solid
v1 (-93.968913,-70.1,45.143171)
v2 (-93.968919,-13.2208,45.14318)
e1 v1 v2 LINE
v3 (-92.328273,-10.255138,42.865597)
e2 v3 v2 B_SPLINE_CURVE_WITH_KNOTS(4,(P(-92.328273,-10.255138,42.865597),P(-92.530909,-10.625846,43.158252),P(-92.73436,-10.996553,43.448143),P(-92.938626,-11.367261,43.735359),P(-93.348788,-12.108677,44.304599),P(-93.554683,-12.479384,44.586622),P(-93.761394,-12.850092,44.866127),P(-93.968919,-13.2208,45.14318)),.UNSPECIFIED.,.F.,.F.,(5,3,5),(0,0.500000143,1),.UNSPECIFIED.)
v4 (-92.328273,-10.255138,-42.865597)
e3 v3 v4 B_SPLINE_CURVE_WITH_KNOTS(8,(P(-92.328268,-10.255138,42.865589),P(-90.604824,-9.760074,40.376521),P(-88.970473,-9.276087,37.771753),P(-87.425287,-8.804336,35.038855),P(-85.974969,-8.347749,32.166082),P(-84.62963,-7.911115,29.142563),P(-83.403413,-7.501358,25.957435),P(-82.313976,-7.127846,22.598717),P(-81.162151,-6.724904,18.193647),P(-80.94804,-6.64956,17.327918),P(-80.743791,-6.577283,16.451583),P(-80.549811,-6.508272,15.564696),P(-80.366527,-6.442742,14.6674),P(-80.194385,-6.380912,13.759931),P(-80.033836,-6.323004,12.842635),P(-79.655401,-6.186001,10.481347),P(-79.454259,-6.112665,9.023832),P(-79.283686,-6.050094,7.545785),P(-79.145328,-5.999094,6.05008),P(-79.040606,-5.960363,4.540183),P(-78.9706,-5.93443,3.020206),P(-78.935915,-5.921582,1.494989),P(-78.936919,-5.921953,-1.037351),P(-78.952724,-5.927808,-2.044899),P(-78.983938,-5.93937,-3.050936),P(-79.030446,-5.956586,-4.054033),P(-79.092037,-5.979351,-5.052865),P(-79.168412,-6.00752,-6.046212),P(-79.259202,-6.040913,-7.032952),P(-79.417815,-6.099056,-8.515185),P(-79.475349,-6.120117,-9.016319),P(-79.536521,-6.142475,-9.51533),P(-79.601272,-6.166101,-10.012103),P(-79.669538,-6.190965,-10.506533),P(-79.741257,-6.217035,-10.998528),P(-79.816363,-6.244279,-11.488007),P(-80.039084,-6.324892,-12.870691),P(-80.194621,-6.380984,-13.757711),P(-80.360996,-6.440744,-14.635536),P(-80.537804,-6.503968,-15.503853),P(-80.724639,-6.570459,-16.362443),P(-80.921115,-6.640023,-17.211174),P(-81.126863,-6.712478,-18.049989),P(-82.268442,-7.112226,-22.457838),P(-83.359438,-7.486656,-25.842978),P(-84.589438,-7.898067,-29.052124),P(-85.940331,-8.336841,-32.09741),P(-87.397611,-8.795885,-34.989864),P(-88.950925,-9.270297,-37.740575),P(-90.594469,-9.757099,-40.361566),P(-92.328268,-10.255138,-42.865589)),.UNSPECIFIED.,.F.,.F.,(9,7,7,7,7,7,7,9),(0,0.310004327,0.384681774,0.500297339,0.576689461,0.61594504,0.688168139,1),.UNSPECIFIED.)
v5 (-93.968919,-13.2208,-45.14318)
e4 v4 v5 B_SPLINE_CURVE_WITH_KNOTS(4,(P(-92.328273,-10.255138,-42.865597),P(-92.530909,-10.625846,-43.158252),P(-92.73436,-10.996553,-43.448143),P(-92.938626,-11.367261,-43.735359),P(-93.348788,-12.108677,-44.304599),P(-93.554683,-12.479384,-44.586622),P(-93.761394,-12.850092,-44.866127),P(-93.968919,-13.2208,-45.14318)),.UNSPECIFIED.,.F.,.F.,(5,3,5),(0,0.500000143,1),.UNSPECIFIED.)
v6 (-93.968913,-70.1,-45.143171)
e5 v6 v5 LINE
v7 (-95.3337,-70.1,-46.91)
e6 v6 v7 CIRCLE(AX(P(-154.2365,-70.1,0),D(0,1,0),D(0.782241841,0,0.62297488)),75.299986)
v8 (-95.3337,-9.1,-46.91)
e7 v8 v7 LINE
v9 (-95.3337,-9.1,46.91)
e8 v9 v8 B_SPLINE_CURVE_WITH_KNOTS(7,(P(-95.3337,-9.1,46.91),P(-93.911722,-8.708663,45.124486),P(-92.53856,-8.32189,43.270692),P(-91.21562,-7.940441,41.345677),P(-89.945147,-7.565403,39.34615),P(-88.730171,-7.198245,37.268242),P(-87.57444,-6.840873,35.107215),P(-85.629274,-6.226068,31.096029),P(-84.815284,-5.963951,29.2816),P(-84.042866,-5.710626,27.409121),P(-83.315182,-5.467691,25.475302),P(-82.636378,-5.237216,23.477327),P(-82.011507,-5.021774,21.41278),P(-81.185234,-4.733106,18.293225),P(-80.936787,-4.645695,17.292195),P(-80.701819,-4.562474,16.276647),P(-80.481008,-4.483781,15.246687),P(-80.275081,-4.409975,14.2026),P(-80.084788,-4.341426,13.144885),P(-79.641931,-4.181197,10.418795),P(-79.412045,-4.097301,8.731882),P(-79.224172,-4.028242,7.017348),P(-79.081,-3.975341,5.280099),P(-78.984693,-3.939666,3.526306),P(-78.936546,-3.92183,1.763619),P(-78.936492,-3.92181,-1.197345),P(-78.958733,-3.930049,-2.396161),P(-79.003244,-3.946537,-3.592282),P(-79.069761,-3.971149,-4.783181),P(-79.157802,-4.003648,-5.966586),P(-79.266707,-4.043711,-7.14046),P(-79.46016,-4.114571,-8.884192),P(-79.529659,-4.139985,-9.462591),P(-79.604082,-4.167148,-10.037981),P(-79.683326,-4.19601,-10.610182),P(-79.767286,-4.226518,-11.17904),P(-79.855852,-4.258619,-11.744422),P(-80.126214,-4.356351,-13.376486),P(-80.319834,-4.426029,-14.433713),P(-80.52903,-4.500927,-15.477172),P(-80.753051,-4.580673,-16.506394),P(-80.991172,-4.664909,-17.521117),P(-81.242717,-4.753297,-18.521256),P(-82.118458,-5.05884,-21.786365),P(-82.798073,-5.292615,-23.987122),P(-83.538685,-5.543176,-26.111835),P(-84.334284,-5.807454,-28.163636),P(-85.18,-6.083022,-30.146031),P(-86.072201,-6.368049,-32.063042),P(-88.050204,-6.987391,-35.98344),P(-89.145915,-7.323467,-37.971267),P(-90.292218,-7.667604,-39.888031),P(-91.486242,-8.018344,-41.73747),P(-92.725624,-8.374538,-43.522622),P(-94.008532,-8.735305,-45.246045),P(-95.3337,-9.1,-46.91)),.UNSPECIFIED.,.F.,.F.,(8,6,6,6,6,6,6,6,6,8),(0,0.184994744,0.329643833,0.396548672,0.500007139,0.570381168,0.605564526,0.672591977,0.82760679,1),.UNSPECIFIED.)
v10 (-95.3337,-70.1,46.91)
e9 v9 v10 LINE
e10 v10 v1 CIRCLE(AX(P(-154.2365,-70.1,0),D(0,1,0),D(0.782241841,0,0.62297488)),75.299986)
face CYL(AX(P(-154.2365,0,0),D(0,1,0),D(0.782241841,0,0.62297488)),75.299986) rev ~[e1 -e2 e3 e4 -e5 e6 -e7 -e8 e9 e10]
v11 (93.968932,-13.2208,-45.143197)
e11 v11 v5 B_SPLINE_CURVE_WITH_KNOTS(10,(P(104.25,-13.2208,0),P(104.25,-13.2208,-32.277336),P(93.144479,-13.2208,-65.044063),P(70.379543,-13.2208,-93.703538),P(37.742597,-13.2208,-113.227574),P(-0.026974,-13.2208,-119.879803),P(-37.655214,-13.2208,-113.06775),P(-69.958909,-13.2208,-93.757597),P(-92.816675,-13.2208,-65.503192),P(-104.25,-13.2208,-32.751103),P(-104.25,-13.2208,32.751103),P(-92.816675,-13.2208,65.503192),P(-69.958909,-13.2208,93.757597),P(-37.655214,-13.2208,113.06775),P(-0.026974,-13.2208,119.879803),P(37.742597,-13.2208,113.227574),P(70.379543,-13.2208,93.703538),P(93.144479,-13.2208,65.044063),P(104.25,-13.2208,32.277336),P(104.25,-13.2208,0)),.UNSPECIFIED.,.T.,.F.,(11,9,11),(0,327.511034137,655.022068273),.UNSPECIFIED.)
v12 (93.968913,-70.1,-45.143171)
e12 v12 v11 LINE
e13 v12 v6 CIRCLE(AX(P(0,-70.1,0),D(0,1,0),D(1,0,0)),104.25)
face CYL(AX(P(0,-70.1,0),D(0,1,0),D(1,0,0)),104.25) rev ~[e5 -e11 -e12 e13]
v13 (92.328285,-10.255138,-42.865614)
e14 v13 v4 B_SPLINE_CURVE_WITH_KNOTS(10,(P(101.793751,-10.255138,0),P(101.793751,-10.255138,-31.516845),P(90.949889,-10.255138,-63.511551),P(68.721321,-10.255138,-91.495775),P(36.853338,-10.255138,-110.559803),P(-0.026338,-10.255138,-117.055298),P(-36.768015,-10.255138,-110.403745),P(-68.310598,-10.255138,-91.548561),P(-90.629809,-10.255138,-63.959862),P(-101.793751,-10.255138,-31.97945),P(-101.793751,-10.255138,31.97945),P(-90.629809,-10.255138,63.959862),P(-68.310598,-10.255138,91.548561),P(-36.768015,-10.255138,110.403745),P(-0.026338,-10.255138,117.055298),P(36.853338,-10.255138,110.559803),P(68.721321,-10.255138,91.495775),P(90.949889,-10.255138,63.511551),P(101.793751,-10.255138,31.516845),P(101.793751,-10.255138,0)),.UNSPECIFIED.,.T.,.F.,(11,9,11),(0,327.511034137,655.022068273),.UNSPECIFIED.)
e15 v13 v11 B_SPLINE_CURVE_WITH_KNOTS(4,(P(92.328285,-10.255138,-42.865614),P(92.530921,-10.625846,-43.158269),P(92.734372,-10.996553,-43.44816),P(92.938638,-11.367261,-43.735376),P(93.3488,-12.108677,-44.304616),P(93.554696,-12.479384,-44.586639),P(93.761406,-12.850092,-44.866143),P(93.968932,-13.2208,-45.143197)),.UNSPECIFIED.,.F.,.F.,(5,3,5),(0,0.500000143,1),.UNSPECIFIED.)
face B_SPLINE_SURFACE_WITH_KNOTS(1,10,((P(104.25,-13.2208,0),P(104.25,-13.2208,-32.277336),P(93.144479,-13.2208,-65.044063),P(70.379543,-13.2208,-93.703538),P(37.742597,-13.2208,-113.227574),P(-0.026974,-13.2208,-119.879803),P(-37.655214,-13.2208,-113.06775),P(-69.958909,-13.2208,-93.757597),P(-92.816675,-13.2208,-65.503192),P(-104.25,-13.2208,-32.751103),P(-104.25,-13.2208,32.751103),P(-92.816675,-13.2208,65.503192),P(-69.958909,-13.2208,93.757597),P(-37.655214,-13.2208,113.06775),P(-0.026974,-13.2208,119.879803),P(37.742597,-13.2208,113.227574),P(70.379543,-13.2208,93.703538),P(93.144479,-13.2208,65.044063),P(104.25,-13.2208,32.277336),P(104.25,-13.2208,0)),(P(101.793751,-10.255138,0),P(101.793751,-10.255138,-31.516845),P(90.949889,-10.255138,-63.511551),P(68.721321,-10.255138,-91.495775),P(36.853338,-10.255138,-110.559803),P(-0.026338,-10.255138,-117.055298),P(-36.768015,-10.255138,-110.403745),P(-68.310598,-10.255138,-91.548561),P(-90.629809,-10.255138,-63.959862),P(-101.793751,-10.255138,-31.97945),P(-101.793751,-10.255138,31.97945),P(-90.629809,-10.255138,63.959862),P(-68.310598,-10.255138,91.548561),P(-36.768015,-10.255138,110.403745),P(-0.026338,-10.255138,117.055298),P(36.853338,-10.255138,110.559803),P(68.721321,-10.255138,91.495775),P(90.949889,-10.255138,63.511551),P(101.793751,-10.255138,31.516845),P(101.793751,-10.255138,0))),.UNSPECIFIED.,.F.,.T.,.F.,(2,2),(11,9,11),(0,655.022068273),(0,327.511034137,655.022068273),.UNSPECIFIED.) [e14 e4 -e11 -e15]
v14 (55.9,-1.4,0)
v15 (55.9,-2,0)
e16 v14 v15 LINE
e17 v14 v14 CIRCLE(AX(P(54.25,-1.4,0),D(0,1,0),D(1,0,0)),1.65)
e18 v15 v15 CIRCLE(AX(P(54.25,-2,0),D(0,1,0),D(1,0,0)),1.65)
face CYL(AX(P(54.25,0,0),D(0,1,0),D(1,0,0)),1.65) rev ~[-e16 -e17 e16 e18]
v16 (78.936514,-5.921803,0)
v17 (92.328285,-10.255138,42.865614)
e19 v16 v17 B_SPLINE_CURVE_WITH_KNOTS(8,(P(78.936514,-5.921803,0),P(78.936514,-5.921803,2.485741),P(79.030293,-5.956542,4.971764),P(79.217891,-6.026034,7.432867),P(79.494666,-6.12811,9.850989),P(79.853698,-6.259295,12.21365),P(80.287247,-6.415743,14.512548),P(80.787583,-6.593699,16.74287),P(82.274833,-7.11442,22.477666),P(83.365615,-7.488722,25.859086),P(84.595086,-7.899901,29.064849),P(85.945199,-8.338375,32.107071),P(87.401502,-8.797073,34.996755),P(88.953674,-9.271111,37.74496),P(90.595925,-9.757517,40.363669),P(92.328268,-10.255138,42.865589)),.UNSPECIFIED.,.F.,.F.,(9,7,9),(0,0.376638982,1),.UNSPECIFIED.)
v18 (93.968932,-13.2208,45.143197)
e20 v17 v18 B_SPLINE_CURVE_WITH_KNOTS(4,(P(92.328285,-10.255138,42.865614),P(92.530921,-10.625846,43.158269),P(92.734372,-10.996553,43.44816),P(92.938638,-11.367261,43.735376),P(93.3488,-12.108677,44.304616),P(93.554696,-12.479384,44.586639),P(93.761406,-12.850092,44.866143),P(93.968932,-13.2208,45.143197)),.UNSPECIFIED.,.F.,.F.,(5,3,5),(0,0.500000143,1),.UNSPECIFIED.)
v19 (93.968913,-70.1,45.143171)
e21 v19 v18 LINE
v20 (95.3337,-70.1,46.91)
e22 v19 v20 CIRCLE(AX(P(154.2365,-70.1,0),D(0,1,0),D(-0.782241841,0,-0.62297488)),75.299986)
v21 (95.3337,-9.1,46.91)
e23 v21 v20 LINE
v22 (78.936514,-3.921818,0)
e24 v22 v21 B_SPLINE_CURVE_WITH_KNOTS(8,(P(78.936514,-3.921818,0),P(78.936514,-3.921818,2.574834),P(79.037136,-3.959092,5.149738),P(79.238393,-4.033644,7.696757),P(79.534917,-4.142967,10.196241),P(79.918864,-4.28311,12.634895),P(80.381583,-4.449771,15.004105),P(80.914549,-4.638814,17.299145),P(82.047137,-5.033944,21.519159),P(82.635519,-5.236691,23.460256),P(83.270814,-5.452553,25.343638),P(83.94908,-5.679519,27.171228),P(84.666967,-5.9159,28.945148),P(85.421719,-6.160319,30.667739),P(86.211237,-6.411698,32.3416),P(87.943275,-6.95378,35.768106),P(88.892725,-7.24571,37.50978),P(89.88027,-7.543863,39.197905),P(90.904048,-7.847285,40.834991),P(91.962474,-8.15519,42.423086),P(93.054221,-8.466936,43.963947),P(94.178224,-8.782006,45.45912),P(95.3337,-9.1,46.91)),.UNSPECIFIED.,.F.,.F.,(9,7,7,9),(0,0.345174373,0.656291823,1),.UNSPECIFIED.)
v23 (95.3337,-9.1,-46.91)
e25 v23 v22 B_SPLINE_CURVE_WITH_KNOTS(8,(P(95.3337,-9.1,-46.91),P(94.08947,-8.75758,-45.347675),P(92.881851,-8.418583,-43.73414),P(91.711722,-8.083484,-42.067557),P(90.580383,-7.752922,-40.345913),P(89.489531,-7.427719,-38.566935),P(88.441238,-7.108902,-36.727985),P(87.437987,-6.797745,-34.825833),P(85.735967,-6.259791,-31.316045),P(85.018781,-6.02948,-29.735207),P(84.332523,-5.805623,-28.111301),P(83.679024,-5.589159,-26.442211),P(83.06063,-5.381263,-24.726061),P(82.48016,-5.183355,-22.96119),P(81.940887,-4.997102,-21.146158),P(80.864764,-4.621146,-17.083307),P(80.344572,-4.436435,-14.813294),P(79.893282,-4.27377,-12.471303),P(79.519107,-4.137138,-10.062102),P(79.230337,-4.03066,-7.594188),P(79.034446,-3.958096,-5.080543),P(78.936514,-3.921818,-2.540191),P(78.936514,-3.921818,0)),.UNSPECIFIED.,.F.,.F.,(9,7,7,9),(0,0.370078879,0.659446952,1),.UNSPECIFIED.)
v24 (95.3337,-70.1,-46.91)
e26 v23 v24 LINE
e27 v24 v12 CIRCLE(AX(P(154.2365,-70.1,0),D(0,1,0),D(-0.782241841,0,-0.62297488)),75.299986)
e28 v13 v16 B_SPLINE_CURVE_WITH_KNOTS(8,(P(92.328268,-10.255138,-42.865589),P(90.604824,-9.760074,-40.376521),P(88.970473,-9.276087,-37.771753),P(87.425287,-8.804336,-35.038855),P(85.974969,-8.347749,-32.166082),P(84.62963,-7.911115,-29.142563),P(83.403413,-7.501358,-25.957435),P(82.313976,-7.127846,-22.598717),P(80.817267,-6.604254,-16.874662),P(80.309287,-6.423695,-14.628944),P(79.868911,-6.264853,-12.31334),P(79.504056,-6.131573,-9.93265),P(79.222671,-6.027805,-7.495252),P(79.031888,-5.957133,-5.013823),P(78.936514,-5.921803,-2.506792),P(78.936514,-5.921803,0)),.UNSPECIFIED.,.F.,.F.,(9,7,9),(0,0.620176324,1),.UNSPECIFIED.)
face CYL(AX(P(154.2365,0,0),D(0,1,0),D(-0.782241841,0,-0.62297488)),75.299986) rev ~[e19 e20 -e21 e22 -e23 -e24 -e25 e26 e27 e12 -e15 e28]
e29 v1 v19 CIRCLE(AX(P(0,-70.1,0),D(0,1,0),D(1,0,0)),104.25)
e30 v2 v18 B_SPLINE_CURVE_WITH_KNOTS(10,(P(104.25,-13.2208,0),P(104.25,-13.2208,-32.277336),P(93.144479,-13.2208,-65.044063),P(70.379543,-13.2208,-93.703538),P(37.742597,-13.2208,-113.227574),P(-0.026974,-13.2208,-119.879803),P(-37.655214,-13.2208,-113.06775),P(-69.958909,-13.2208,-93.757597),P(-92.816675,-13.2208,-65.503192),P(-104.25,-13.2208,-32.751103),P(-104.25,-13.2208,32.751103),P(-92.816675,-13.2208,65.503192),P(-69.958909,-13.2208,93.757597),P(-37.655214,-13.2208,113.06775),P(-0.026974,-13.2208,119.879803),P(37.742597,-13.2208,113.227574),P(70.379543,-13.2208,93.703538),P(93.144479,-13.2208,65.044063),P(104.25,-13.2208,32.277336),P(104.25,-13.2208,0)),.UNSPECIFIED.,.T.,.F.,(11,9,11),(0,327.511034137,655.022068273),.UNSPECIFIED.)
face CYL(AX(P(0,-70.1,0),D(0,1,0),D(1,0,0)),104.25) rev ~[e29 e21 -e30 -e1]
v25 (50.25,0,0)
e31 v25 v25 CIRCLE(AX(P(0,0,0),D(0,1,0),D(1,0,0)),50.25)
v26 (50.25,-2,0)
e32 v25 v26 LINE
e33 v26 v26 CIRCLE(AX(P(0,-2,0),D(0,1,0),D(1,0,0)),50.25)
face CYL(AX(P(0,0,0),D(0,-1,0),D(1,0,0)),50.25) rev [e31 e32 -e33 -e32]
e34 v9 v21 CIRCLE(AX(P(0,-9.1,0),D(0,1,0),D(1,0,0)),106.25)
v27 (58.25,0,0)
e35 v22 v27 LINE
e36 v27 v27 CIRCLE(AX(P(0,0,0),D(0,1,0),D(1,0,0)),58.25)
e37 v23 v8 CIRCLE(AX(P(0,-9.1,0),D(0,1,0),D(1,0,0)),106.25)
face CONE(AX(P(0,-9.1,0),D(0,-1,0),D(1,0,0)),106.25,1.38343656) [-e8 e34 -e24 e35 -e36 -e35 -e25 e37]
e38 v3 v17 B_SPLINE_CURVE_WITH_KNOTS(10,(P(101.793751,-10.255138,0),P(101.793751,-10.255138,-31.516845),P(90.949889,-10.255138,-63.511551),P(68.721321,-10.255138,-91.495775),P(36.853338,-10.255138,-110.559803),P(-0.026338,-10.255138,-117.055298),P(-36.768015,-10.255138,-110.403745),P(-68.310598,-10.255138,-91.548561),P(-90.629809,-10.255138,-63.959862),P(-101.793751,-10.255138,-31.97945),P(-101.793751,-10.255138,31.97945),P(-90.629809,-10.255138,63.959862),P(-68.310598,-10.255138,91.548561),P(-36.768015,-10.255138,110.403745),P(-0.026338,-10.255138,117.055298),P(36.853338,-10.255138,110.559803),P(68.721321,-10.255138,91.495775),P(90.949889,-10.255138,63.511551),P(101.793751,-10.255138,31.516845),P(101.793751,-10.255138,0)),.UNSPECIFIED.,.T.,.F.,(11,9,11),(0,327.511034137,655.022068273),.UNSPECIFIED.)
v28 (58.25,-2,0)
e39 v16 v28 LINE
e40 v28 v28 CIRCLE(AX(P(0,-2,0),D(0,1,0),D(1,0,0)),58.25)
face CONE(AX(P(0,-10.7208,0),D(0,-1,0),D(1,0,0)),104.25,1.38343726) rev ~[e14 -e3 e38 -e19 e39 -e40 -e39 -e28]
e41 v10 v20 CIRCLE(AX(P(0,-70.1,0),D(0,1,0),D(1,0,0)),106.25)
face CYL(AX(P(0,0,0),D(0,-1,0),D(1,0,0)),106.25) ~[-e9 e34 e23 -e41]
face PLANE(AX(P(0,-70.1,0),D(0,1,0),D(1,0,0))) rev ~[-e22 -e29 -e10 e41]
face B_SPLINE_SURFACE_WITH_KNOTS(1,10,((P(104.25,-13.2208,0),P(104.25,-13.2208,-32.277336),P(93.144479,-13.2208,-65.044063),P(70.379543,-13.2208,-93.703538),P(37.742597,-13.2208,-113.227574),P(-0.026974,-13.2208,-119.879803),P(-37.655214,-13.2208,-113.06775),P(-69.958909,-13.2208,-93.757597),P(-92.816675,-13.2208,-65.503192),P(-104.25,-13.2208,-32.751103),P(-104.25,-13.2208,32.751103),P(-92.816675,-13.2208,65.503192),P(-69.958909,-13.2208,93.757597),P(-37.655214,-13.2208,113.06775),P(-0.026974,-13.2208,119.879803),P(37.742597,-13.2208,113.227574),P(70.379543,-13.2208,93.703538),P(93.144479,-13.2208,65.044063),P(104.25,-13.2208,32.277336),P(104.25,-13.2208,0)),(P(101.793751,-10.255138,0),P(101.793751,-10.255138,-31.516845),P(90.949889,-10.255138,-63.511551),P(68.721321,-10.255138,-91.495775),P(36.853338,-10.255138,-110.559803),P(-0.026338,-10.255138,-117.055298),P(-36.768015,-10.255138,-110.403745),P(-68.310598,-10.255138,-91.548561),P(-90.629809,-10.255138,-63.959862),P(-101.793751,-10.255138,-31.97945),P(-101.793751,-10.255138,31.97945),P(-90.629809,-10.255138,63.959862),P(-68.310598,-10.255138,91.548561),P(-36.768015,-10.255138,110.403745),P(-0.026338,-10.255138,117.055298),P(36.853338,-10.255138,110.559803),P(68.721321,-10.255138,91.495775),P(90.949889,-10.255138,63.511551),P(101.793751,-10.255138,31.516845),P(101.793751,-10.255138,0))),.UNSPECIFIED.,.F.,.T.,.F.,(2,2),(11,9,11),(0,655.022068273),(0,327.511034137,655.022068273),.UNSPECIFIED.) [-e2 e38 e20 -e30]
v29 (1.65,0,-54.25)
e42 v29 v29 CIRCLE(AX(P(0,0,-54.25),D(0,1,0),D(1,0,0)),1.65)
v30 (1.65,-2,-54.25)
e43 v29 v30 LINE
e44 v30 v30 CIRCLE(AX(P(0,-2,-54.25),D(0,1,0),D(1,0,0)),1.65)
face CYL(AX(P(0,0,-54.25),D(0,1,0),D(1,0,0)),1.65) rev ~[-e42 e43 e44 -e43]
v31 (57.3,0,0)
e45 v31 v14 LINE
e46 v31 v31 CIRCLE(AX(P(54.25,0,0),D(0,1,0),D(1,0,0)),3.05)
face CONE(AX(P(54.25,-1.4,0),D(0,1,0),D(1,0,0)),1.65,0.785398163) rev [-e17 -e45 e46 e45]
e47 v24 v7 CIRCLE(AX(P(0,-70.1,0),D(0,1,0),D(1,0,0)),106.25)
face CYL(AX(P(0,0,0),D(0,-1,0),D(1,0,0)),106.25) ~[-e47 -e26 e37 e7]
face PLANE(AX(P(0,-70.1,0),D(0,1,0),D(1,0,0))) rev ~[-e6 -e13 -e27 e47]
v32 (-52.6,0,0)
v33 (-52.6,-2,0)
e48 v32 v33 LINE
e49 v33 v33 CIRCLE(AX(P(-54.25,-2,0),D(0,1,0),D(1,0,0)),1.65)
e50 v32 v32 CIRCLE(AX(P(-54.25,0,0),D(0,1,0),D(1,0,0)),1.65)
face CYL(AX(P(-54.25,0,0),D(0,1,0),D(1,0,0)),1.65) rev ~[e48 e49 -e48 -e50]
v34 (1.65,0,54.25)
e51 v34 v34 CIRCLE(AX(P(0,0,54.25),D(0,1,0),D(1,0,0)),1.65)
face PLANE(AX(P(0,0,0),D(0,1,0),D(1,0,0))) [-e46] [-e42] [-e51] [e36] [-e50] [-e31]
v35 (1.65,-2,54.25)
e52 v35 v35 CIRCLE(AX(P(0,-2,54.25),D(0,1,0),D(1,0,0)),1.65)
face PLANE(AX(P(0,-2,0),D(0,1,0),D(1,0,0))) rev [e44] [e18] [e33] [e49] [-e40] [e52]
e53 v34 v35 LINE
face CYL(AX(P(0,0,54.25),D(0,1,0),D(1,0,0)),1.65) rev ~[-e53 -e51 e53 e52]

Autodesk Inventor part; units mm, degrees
ref_plane "YZ Plane" through (0, 0, 0) normal (1, 0, 0) x (0, 1, 0)
ref_plane "XZ Plane" through (0, 0, 0) normal (0, 1, 0) x (-1, 0, 0)
ref_plane "XY Plane" through (0, 0, 0) normal (0, 0, 1) x (1, 0, 0)
sketch "Эскиз1" plane through (0, 0, 0) normal (0, 1, 0) x (-1, 0, 0)
  circle A0 centre (0, 0) radius 106.25
  arc A1 (-95.3337, -46.91) -> (-95.3337, 46.91) centre (-154.2365, 0) ccw
  arc A2 (95.3337, 46.91) -> (95.3337, -46.91) centre (154.2365, 0) ccw
  line L0 (-154.2365, 0) -> (154.2365, 0)
  line L1 (-95.3337, 46.91) -> (-55.3337, 46.91) construction
  line L2 (95.3337, 46.91) -> (55.3337, 46.91) construction
  point P0 (74.5593, -32.2924)
  dimension "d5" = 212.5
  dimension "d16" = 75.3
  dimension "d17" = 75.3
  dimension "d18" = 93.82
  dimension "d19" = 40
  dimension "d20" = 93.82
sketch "Эскиз2" plane through (0, 0, 0) normal (0, 0, 1) x (1, 0, 0)
  line L0 (106.25, 0) -> (-106.25, 0) projected
  line L1 (106.25, 0) -> (106.25, -70.1)
  line L2 (106.25, -9.1) -> (108.25, -9.1) construction
  line L3 (-149.15, 0) -> (151.15, 0) projected
  line L4 (106.25, -70.1) -> (104.25, -70.1)
  line L5 (104.25, -70.1) -> (104.25, -10.7208)
  line L6 (106.25, -9.1) -> (58.25, 0)
  line L7 (104.25, -10.7208) -> (58.25, -2)
  line L8 (58.25, -2) -> (58.25, 0) construction
  line L9 (50.25, 0) -> (58.25, 0)
  line L10 (50.25, 0) -> (50.25, -2)
  line L11 (50.25, -2) -> (58.25, -2)
  line L12 (0, -84.12) -> (0, 14.02) projected
  point P0 (0, 0)
  dimension "d0" = 70.1
  dimension "d1" = 61
  dimension "d7" = 2
  dimension "d10" = 50.25
  dimension "d11" = 8
  dimension "d34" = 2
  dimension "d35" = 1.965
revolve "Вращение1" add sketch "Эскиз2" angle 360 about axis through (0, -10, 0) along (0, 1, 0) contours L6 L1 L4 L5 L7 L11 L10 L0
chamfer "Фаска1" distance 2.5 angle 45 1 edges at (-104.25, -10.7208, 0)
extrude "Выдавливание1" cut sketch "Эскиз1" against normal through all contours L0 A2 A0 | A0 A2 L0 | A1 L0 A0 | A0 L0 A1
sketch "Эскиз3" plane through (0, 0, 0) normal (0, 1, 0) x (1, 0, 0)
  line L0 (148.75, 0) -> (-148.75, 0) construction
  line L1 (0, 148.75) -> (0, -148.75) construction
  circle A0 centre (0, 0) radius 50.25 projected
  circle A1 centre (0, 0) radius 58.25 projected
  circle A2 centre (0, 0) radius 54.25 construction
  circle A3 centre (-54.25, 0) radius 1.65
  circle A4 centre (0, 54.25) radius 1.65
  circle A5 centre (54.25, 0) radius 1.65
  circle A6 centre (0, -54.25) radius 1.65
  point P0 (-50.25, 0)
  point P1 (-58.25, 0)
  dimension "d23" = 8
  dimension "d24" = 4
  dimension "d25" = 3.3
  dimension "d26" = 3.3
  dimension "d27" = 3.3
  dimension "d28" = 3.3
extrude "Выдавливание2" cut sketch "Эскиз3" against normal blind 10 contours A3 | A4 | A5 | A6
sketch "Эскиз4" plane through (0, 0, 0) normal (0, 1, 0) x (1, 0, 0)
  circle A0 centre (54.25, 0) radius 1.65 projected
  circle A1 centre (-54.25, 0) radius 1.65 projected
  circle A2 centre (0, -54.25) radius 1.65 projected
  circle A3 centre (0, 54.25) radius 1.65 projected
  circle A4 centre (0, 0) radius 50.25 projected
  circle A5 centre (0, 0) radius 58.25 projected
chamfer "Фаска2" distance 1.4 angle 45 1 edges at (52.6, 0, 0)
equation "\"d17\" = d16"
equation "\"d20\" = d18"
equation "\"d24\" = 0.5 * d23"
equation "\"d26\" = d25"
equation "\"d27\" = d25"
equation "\"d28\" = d25"
properties part number "main_protect2"
